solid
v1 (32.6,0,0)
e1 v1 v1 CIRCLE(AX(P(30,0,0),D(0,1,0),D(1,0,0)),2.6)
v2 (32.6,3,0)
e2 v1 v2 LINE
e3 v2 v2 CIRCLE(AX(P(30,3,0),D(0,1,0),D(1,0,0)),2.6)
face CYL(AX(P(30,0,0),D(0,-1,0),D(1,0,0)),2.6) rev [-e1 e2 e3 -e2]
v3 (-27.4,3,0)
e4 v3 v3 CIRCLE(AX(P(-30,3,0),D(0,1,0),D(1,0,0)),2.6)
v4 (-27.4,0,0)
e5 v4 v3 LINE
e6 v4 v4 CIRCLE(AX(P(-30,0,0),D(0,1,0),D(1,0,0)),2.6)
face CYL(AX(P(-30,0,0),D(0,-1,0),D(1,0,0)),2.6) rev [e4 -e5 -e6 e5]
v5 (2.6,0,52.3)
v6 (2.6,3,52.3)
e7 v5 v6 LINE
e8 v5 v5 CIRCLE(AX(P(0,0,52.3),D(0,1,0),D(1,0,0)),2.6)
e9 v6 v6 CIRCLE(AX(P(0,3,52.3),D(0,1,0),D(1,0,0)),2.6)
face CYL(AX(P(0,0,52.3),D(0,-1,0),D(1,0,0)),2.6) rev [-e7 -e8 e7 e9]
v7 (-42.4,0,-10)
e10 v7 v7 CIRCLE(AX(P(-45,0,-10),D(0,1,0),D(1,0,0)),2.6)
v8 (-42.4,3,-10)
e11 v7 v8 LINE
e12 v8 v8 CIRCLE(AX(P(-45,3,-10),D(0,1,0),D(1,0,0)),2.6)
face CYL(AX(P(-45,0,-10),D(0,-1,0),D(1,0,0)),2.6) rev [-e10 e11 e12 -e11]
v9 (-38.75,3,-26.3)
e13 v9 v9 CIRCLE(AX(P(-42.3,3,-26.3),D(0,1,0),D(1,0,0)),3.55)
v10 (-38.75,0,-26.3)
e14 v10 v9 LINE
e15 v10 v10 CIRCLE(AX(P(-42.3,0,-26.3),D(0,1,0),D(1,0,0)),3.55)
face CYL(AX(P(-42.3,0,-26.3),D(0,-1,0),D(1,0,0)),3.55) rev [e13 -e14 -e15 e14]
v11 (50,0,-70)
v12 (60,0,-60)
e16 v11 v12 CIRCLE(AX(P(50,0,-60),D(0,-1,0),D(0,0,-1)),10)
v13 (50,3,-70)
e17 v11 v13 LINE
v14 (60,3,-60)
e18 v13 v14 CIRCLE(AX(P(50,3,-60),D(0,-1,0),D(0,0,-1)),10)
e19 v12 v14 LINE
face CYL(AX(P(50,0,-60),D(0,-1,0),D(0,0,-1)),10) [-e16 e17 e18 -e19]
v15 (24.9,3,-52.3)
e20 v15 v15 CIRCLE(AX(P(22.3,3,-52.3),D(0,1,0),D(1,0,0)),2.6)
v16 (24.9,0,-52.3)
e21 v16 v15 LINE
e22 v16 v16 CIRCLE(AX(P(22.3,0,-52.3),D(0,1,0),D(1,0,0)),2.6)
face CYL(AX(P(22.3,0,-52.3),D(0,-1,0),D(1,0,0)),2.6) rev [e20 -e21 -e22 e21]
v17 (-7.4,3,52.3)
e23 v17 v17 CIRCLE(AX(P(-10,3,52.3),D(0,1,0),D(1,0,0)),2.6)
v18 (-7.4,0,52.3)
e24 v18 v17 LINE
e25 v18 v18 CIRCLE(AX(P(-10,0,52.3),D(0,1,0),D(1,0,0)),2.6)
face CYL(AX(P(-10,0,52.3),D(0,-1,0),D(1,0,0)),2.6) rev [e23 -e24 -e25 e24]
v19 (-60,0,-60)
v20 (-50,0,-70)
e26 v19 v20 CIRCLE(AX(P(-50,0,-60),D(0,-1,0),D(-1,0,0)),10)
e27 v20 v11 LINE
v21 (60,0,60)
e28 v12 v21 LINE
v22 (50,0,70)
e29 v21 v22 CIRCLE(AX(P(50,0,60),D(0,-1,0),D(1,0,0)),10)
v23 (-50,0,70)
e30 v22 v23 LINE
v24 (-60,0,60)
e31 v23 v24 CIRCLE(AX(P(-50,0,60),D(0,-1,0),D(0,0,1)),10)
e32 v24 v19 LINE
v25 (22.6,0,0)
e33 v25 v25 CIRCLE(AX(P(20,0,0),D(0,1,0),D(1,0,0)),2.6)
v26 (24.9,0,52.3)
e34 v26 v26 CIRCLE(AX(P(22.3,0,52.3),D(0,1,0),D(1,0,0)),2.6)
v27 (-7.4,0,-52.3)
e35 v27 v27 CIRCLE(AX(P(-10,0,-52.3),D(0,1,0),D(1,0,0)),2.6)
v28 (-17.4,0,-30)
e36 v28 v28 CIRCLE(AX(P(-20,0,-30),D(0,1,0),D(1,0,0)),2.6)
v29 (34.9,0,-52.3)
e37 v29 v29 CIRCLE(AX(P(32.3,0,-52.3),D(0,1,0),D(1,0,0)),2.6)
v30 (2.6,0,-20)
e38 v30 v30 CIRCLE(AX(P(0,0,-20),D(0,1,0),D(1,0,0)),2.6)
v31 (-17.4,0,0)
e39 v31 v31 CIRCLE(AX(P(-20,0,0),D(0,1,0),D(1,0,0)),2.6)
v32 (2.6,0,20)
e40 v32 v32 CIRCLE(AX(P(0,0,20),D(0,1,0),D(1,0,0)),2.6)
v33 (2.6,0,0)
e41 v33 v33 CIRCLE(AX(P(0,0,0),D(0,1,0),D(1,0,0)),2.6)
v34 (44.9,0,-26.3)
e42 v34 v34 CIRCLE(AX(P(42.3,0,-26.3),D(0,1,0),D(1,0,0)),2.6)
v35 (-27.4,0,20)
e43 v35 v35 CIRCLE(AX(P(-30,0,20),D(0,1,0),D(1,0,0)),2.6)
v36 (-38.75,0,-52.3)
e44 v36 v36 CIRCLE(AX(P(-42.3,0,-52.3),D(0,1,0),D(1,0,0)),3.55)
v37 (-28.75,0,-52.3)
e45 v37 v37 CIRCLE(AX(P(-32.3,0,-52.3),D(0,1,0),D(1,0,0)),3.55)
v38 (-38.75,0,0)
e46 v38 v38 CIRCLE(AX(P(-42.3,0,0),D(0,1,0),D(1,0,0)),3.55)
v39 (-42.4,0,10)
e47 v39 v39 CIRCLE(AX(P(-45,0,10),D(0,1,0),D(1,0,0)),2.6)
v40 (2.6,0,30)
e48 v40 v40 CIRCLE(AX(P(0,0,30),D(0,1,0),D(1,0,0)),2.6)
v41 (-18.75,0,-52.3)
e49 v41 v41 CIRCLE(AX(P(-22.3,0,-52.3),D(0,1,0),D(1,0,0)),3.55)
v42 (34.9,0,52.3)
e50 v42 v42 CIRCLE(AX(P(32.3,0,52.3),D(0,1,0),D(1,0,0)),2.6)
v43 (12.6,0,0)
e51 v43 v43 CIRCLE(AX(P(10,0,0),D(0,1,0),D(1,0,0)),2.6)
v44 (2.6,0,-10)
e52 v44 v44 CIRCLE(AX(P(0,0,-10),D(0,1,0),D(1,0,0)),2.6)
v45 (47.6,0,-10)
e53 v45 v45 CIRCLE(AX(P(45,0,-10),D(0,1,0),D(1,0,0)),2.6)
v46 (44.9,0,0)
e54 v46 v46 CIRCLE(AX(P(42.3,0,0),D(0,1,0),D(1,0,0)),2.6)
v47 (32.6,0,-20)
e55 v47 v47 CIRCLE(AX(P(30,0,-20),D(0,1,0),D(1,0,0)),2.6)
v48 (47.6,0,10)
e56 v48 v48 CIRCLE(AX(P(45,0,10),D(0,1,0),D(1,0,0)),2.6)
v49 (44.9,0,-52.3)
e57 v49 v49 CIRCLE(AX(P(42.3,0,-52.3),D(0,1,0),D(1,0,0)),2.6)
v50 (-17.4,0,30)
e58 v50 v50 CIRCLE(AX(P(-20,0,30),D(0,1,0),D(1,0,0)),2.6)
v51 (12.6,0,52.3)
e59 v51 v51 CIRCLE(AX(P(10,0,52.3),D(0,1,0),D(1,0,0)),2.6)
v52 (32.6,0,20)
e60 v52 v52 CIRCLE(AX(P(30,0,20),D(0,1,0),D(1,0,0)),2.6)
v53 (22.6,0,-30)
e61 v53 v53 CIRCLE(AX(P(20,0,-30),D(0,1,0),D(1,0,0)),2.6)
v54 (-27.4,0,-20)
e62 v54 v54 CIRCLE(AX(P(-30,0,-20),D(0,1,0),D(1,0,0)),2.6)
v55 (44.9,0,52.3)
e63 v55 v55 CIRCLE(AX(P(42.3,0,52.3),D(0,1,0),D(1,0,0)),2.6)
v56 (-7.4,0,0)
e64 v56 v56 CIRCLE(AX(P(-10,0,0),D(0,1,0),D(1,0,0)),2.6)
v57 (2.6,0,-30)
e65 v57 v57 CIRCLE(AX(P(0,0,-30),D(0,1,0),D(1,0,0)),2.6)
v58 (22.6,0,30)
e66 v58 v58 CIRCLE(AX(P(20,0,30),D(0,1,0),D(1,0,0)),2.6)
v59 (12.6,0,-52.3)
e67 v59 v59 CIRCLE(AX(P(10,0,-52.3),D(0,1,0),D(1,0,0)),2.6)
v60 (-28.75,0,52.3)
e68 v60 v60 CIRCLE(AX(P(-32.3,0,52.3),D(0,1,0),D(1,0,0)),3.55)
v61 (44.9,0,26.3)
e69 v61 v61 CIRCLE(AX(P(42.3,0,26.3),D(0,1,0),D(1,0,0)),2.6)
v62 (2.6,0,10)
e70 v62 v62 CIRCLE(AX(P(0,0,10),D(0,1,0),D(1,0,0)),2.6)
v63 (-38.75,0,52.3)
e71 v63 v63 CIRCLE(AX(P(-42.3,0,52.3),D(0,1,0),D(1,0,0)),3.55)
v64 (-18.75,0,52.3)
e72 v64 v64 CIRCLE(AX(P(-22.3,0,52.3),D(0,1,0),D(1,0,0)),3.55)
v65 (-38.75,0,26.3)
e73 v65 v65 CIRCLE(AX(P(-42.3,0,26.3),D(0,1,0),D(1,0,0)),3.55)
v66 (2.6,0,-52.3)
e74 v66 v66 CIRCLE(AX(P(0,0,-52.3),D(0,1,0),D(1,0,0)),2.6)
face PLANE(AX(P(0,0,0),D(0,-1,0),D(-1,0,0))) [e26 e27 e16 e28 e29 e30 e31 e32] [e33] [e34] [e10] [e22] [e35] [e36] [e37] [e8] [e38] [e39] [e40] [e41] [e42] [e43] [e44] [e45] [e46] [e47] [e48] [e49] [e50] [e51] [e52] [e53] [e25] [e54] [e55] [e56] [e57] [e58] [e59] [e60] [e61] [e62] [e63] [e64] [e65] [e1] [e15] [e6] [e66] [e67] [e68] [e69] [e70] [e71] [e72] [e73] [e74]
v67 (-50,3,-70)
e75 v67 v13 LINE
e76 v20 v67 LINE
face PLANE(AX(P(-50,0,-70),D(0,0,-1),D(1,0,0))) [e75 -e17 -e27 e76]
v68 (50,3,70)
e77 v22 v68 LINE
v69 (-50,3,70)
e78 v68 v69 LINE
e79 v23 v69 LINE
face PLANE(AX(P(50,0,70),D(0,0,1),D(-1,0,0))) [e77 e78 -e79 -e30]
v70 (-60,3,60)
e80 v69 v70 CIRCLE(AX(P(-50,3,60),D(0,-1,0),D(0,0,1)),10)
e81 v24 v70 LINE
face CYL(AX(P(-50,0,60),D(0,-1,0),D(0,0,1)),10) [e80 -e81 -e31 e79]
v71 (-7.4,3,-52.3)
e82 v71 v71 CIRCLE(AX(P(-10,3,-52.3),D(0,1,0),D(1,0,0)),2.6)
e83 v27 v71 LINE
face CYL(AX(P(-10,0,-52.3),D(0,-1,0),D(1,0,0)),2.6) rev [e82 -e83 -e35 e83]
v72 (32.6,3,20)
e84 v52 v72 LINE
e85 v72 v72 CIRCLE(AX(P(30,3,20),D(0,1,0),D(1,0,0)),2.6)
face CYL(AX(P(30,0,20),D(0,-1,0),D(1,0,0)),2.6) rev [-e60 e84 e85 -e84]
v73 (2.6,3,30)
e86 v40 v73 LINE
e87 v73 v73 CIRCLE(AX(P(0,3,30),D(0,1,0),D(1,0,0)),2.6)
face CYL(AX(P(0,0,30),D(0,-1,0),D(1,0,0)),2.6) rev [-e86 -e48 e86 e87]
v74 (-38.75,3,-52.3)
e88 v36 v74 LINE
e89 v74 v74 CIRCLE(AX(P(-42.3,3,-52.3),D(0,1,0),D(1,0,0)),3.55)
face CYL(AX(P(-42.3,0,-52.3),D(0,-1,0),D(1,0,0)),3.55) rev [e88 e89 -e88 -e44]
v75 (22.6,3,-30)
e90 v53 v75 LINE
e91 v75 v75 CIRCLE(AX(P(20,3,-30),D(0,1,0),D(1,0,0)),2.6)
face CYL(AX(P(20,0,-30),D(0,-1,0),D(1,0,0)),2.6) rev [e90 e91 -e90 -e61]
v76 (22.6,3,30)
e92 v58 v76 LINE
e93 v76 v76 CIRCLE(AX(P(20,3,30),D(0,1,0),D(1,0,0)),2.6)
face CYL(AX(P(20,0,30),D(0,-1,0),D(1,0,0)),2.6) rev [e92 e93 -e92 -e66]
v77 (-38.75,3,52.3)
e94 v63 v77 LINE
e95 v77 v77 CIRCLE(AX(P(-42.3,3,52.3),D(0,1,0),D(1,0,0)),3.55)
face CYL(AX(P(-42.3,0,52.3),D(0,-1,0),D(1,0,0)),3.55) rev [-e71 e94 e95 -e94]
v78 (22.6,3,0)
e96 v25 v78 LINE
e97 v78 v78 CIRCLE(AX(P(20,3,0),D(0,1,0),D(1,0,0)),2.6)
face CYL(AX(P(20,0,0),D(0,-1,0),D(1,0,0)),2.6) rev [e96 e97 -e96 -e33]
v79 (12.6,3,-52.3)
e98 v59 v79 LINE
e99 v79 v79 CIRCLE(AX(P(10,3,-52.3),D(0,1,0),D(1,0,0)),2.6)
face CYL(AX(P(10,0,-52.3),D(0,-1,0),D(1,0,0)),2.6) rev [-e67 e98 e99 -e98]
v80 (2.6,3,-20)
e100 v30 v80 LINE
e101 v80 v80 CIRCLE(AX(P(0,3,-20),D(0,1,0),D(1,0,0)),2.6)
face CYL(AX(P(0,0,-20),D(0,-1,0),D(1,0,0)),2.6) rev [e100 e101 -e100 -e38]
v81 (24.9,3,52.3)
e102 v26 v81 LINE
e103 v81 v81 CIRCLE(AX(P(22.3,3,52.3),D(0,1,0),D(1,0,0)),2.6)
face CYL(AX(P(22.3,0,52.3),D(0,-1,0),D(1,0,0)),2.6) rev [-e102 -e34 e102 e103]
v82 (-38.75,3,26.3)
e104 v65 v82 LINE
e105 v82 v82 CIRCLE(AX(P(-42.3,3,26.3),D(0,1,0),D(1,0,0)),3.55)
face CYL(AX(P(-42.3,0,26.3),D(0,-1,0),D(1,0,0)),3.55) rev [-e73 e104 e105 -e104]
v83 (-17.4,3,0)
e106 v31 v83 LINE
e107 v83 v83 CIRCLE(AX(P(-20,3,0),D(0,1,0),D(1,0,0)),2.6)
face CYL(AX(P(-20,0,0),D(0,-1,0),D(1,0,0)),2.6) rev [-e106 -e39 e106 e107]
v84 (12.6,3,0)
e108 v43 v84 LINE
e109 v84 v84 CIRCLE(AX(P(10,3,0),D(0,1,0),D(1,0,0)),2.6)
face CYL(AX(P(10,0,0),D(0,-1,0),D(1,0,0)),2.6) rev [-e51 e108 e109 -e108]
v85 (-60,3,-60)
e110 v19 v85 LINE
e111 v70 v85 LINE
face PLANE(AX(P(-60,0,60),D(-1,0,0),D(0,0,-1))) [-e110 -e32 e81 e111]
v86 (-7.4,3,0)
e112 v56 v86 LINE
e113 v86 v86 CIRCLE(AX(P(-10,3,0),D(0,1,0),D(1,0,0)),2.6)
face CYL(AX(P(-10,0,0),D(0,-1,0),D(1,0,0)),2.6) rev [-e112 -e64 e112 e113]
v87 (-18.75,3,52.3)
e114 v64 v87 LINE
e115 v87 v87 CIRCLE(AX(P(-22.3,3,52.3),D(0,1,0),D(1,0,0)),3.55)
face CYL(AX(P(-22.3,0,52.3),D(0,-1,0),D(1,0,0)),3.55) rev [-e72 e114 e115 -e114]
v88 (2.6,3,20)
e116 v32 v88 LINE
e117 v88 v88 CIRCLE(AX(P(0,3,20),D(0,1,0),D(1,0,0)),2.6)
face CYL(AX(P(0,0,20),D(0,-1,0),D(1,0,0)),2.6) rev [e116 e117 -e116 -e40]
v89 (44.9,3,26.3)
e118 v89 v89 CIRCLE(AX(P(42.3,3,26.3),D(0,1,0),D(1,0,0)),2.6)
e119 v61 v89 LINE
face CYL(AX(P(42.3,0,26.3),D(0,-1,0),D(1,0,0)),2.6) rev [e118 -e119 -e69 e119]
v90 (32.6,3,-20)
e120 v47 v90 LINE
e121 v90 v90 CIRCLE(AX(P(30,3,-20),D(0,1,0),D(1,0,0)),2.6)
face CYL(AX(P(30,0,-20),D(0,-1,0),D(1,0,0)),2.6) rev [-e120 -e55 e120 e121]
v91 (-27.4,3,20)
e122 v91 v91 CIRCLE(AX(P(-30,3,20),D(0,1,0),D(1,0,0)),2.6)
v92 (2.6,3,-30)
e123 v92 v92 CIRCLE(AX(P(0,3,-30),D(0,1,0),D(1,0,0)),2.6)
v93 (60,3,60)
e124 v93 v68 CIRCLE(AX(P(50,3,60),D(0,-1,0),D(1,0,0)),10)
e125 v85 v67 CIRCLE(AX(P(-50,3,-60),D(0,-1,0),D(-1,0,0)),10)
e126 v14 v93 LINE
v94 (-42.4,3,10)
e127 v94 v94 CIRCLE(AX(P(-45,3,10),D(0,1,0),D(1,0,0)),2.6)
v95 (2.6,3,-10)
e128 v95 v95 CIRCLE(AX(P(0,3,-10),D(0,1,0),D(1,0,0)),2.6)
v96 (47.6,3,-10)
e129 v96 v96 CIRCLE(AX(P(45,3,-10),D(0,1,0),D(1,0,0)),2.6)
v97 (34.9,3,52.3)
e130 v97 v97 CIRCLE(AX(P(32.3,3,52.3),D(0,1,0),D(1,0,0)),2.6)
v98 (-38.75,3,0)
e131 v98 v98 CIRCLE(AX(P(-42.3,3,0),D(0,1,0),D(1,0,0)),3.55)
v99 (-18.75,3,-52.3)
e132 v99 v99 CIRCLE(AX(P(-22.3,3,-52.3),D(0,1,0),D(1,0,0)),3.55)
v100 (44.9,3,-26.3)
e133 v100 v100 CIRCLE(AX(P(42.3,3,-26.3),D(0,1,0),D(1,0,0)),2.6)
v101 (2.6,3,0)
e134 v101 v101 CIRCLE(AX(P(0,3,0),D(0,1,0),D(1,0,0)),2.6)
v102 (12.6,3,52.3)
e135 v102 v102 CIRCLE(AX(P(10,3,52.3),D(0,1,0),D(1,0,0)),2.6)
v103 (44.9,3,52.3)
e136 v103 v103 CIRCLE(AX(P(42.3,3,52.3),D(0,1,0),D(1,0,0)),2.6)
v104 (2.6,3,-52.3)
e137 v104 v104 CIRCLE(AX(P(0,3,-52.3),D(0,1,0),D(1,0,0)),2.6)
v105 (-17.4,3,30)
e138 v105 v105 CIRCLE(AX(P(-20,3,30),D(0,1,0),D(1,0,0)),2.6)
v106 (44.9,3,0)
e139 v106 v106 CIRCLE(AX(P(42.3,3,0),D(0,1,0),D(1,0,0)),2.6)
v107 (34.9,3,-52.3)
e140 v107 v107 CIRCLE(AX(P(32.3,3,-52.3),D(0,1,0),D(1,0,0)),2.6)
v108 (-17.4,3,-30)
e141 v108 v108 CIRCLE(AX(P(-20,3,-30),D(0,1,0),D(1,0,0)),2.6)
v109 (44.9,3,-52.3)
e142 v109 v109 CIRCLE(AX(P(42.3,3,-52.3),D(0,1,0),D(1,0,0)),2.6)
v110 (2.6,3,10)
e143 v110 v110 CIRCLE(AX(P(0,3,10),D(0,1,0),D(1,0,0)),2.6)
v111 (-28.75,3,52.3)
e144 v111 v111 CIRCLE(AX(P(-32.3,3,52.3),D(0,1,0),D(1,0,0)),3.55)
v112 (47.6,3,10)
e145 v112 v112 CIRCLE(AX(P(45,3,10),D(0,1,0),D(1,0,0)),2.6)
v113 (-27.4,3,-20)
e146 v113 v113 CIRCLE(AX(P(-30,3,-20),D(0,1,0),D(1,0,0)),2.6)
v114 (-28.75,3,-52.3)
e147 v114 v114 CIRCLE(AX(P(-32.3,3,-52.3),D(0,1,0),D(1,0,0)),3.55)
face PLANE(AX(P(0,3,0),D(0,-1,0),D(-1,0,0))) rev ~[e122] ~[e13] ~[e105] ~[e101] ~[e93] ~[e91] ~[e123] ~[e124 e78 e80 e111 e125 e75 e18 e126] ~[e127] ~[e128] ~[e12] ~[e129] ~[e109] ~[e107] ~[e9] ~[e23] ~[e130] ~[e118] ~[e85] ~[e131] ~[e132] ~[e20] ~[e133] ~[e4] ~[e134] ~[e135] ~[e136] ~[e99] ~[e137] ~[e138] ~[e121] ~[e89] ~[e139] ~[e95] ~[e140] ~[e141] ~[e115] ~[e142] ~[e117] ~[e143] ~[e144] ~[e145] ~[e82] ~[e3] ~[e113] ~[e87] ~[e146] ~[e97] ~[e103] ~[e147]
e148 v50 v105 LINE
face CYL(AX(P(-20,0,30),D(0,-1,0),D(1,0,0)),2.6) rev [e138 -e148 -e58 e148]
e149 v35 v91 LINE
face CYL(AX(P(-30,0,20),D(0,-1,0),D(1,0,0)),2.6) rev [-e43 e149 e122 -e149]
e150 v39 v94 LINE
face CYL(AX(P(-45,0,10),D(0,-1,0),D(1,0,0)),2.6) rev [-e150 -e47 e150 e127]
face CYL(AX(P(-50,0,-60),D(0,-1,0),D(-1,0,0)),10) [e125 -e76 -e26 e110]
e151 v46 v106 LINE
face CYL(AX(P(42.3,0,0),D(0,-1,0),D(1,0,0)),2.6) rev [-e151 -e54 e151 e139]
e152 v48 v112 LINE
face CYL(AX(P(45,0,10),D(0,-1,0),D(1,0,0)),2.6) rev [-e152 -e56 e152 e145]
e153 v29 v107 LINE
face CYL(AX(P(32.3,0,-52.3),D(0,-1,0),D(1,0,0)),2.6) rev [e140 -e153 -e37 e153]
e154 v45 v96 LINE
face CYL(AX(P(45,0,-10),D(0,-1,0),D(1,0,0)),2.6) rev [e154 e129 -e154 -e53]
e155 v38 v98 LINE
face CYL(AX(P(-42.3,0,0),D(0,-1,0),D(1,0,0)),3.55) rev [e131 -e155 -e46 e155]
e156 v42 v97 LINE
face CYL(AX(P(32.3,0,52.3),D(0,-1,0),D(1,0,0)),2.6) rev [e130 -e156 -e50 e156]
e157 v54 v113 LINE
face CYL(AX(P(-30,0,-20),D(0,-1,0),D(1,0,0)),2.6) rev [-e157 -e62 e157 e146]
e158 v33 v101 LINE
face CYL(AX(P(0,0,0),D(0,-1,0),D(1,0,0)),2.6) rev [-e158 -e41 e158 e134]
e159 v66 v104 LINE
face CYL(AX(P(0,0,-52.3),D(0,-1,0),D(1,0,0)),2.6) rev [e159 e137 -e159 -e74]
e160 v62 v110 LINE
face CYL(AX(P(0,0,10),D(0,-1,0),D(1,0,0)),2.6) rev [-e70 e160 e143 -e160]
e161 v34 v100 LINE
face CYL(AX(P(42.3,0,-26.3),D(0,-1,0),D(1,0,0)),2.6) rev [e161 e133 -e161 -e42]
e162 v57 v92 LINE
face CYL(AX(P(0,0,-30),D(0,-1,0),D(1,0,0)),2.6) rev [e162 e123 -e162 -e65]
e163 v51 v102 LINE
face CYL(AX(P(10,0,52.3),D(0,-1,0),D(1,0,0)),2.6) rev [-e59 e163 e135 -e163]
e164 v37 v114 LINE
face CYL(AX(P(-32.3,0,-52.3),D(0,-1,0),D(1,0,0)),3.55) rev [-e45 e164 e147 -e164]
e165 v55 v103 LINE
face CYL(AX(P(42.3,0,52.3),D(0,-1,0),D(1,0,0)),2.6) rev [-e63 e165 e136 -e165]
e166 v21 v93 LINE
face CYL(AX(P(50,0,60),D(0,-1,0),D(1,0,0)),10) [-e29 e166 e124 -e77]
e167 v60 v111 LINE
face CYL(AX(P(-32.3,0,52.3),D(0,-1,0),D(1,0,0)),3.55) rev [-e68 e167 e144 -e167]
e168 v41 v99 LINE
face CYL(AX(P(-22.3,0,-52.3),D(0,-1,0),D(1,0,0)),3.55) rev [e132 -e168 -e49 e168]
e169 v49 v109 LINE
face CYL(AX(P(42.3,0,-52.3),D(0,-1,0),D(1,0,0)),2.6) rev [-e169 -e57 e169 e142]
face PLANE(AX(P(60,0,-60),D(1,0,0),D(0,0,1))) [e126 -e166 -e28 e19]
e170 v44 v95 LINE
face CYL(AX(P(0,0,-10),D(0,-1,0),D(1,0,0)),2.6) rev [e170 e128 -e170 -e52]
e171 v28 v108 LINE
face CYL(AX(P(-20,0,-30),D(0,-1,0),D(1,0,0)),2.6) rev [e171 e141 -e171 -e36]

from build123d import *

# Parameters (mm, degrees)
SKETCH1_R           = 3.55
SKETCH1_R_2         = 2.6
BOSS_EXTRUDE1_DEPTH = 3


with BuildPart() as part:
    # Sketch1 → Boss-Extrude1 (new body)
    with BuildSketch(Plane(origin=(0, 0, 0), x_dir=(1, 0, 0), z_dir=(0, 1, 0))):
        with BuildLine():
            Line((50, -70), (-50, -70))
            ThreePointArc((-50, -70), (-57.071067812, -67.071067812), (-60, -60))
            Line((-60, -60), (-60, 60))
            ThreePointArc((-60, 60), (-57.071067812, 67.071067812), (-50, 70))
            Line((-50, 70), (50, 70))
            ThreePointArc((50, 70), (57.071067812, 67.071067812), (60, 60))
            Line((60, 60), (60, -60))
            ThreePointArc((60, -60), (57.071067812, -67.071067812), (50, -70))
        make_face()
        with Locations((-32.3, 52.3)):
            Circle(SKETCH1_R, mode=Mode.SUBTRACT)
        with Locations((0, 10)):
            Circle(SKETCH1_R_2, mode=Mode.SUBTRACT)
        Circle(SKETCH1_R_2, mode=Mode.SUBTRACT)
        with Locations((10, 0)):
            Circle(SKETCH1_R_2, mode=Mode.SUBTRACT)
        with Locations((-10, 0)):
            Circle(SKETCH1_R_2, mode=Mode.SUBTRACT)
        with Locations((-42.3, 52.3)):
            Circle(SKETCH1_R, mode=Mode.SUBTRACT)
        with Locations((-42.3, 0)):
            Circle(SKETCH1_R, mode=Mode.SUBTRACT)
        with Locations((-42.3, -52.3)):
            Circle(SKETCH1_R, mode=Mode.SUBTRACT)
        with Locations((-30, 20)):
            Circle(SKETCH1_R_2, mode=Mode.SUBTRACT)
        with Locations((-45, 10)):
            Circle(SKETCH1_R_2, mode=Mode.SUBTRACT)
        with Locations((-20, 30)):
            Circle(SKETCH1_R_2, mode=Mode.SUBTRACT)
        with Locations((0, 20)):
            Circle(SKETCH1_R_2, mode=Mode.SUBTRACT)
        with Locations((-10, 52.3)):
            Circle(SKETCH1_R_2, mode=Mode.SUBTRACT)
        with Locations((0, 52.3)):
            Circle(SKETCH1_R_2, mode=Mode.SUBTRACT)
        with Locations((10, 52.3)):
            Circle(SKETCH1_R_2, mode=Mode.SUBTRACT)
        with Locations((0, 30)):
            Circle(SKETCH1_R_2, mode=Mode.SUBTRACT)
        with Locations((20, 30)):
            Circle(SKETCH1_R_2, mode=Mode.SUBTRACT)
        with Locations((30, 20)):
            Circle(SKETCH1_R_2, mode=Mode.SUBTRACT)
        with Locations((45, 10)):
            Circle(SKETCH1_R_2, mode=Mode.SUBTRACT)
        with Locations((32.3, 52.3)):
            Circle(SKETCH1_R_2, mode=Mode.SUBTRACT)
        with Locations((42.3, 52.3)):
            Circle(SKETCH1_R_2, mode=Mode.SUBTRACT)
        with Locations((42.3, 0)):
            Circle(SKETCH1_R_2, mode=Mode.SUBTRACT)
        with Locations((45, -10)):
            Circle(SKETCH1_R_2, mode=Mode.SUBTRACT)
        with Locations((42.3, -52.3)):
            Circle(SKETCH1_R_2, mode=Mode.SUBTRACT)
        with Locations((32.3, -52.3)):
            Circle(SKETCH1_R_2, mode=Mode.SUBTRACT)
        with Locations((30, -20)):
            Circle(SKETCH1_R_2, mode=Mode.SUBTRACT)
        with Locations((0, -10)):
            Circle(SKETCH1_R_2, mode=Mode.SUBTRACT)
        with Locations((20, -30)):
            Circle(SKETCH1_R_2, mode=Mode.SUBTRACT)
        with Locations((20, 0)):
            Circle(SKETCH1_R_2, mode=Mode.SUBTRACT)
        with Locations((10, -52.3)):
            Circle(SKETCH1_R_2, mode=Mode.SUBTRACT)
        with Locations((0, -52.3)):
            Circle(SKETCH1_R_2, mode=Mode.SUBTRACT)
        with Locations((-10, -52.3)):
            Circle(SKETCH1_R_2, mode=Mode.SUBTRACT)
        with Locations((30, 0)):
            Circle(SKETCH1_R_2, mode=Mode.SUBTRACT)
        with Locations((-20, -30)):
            Circle(SKETCH1_R_2, mode=Mode.SUBTRACT)
        with Locations((-30, -20)):
            Circle(SKETCH1_R_2, mode=Mode.SUBTRACT)
        with Locations((-45, -10)):
            Circle(SKETCH1_R_2, mode=Mode.SUBTRACT)
        with Locations((-32.3, -52.3)):
            Circle(SKETCH1_R, mode=Mode.SUBTRACT)
        with Locations((-22.3, 52.3)):
            Circle(SKETCH1_R, mode=Mode.SUBTRACT)
        with Locations((22.3, 52.3)):
            Circle(SKETCH1_R_2, mode=Mode.SUBTRACT)
        with Locations((-20, 0)):
            Circle(SKETCH1_R_2, mode=Mode.SUBTRACT)
        with Locations((-30, 0)):
            Circle(SKETCH1_R_2, mode=Mode.SUBTRACT)
        with Locations((-42.3, 26.3)):
            Circle(SKETCH1_R, mode=Mode.SUBTRACT)
        with Locations((22.3, -52.3)):
            Circle(SKETCH1_R_2, mode=Mode.SUBTRACT)
        with Locations((-22.3, -52.3)):
            Circle(SKETCH1_R, mode=Mode.SUBTRACT)
        with Locations((-42.3, -26.3)):
            Circle(SKETCH1_R, mode=Mode.SUBTRACT)
        with Locations((42.3, 26.3)):
            Circle(SKETCH1_R_2, mode=Mode.SUBTRACT)
        with Locations((42.3, -26.3)):
            Circle(SKETCH1_R_2, mode=Mode.SUBTRACT)
        with Locations((0, -30)):
            Circle(SKETCH1_R_2, mode=Mode.SUBTRACT)
        with Locations((0, -20)):
            Circle(SKETCH1_R_2, mode=Mode.SUBTRACT)
    extrude(amount=BOSS_EXTRUDE1_DEPTH)


solid = part.part
